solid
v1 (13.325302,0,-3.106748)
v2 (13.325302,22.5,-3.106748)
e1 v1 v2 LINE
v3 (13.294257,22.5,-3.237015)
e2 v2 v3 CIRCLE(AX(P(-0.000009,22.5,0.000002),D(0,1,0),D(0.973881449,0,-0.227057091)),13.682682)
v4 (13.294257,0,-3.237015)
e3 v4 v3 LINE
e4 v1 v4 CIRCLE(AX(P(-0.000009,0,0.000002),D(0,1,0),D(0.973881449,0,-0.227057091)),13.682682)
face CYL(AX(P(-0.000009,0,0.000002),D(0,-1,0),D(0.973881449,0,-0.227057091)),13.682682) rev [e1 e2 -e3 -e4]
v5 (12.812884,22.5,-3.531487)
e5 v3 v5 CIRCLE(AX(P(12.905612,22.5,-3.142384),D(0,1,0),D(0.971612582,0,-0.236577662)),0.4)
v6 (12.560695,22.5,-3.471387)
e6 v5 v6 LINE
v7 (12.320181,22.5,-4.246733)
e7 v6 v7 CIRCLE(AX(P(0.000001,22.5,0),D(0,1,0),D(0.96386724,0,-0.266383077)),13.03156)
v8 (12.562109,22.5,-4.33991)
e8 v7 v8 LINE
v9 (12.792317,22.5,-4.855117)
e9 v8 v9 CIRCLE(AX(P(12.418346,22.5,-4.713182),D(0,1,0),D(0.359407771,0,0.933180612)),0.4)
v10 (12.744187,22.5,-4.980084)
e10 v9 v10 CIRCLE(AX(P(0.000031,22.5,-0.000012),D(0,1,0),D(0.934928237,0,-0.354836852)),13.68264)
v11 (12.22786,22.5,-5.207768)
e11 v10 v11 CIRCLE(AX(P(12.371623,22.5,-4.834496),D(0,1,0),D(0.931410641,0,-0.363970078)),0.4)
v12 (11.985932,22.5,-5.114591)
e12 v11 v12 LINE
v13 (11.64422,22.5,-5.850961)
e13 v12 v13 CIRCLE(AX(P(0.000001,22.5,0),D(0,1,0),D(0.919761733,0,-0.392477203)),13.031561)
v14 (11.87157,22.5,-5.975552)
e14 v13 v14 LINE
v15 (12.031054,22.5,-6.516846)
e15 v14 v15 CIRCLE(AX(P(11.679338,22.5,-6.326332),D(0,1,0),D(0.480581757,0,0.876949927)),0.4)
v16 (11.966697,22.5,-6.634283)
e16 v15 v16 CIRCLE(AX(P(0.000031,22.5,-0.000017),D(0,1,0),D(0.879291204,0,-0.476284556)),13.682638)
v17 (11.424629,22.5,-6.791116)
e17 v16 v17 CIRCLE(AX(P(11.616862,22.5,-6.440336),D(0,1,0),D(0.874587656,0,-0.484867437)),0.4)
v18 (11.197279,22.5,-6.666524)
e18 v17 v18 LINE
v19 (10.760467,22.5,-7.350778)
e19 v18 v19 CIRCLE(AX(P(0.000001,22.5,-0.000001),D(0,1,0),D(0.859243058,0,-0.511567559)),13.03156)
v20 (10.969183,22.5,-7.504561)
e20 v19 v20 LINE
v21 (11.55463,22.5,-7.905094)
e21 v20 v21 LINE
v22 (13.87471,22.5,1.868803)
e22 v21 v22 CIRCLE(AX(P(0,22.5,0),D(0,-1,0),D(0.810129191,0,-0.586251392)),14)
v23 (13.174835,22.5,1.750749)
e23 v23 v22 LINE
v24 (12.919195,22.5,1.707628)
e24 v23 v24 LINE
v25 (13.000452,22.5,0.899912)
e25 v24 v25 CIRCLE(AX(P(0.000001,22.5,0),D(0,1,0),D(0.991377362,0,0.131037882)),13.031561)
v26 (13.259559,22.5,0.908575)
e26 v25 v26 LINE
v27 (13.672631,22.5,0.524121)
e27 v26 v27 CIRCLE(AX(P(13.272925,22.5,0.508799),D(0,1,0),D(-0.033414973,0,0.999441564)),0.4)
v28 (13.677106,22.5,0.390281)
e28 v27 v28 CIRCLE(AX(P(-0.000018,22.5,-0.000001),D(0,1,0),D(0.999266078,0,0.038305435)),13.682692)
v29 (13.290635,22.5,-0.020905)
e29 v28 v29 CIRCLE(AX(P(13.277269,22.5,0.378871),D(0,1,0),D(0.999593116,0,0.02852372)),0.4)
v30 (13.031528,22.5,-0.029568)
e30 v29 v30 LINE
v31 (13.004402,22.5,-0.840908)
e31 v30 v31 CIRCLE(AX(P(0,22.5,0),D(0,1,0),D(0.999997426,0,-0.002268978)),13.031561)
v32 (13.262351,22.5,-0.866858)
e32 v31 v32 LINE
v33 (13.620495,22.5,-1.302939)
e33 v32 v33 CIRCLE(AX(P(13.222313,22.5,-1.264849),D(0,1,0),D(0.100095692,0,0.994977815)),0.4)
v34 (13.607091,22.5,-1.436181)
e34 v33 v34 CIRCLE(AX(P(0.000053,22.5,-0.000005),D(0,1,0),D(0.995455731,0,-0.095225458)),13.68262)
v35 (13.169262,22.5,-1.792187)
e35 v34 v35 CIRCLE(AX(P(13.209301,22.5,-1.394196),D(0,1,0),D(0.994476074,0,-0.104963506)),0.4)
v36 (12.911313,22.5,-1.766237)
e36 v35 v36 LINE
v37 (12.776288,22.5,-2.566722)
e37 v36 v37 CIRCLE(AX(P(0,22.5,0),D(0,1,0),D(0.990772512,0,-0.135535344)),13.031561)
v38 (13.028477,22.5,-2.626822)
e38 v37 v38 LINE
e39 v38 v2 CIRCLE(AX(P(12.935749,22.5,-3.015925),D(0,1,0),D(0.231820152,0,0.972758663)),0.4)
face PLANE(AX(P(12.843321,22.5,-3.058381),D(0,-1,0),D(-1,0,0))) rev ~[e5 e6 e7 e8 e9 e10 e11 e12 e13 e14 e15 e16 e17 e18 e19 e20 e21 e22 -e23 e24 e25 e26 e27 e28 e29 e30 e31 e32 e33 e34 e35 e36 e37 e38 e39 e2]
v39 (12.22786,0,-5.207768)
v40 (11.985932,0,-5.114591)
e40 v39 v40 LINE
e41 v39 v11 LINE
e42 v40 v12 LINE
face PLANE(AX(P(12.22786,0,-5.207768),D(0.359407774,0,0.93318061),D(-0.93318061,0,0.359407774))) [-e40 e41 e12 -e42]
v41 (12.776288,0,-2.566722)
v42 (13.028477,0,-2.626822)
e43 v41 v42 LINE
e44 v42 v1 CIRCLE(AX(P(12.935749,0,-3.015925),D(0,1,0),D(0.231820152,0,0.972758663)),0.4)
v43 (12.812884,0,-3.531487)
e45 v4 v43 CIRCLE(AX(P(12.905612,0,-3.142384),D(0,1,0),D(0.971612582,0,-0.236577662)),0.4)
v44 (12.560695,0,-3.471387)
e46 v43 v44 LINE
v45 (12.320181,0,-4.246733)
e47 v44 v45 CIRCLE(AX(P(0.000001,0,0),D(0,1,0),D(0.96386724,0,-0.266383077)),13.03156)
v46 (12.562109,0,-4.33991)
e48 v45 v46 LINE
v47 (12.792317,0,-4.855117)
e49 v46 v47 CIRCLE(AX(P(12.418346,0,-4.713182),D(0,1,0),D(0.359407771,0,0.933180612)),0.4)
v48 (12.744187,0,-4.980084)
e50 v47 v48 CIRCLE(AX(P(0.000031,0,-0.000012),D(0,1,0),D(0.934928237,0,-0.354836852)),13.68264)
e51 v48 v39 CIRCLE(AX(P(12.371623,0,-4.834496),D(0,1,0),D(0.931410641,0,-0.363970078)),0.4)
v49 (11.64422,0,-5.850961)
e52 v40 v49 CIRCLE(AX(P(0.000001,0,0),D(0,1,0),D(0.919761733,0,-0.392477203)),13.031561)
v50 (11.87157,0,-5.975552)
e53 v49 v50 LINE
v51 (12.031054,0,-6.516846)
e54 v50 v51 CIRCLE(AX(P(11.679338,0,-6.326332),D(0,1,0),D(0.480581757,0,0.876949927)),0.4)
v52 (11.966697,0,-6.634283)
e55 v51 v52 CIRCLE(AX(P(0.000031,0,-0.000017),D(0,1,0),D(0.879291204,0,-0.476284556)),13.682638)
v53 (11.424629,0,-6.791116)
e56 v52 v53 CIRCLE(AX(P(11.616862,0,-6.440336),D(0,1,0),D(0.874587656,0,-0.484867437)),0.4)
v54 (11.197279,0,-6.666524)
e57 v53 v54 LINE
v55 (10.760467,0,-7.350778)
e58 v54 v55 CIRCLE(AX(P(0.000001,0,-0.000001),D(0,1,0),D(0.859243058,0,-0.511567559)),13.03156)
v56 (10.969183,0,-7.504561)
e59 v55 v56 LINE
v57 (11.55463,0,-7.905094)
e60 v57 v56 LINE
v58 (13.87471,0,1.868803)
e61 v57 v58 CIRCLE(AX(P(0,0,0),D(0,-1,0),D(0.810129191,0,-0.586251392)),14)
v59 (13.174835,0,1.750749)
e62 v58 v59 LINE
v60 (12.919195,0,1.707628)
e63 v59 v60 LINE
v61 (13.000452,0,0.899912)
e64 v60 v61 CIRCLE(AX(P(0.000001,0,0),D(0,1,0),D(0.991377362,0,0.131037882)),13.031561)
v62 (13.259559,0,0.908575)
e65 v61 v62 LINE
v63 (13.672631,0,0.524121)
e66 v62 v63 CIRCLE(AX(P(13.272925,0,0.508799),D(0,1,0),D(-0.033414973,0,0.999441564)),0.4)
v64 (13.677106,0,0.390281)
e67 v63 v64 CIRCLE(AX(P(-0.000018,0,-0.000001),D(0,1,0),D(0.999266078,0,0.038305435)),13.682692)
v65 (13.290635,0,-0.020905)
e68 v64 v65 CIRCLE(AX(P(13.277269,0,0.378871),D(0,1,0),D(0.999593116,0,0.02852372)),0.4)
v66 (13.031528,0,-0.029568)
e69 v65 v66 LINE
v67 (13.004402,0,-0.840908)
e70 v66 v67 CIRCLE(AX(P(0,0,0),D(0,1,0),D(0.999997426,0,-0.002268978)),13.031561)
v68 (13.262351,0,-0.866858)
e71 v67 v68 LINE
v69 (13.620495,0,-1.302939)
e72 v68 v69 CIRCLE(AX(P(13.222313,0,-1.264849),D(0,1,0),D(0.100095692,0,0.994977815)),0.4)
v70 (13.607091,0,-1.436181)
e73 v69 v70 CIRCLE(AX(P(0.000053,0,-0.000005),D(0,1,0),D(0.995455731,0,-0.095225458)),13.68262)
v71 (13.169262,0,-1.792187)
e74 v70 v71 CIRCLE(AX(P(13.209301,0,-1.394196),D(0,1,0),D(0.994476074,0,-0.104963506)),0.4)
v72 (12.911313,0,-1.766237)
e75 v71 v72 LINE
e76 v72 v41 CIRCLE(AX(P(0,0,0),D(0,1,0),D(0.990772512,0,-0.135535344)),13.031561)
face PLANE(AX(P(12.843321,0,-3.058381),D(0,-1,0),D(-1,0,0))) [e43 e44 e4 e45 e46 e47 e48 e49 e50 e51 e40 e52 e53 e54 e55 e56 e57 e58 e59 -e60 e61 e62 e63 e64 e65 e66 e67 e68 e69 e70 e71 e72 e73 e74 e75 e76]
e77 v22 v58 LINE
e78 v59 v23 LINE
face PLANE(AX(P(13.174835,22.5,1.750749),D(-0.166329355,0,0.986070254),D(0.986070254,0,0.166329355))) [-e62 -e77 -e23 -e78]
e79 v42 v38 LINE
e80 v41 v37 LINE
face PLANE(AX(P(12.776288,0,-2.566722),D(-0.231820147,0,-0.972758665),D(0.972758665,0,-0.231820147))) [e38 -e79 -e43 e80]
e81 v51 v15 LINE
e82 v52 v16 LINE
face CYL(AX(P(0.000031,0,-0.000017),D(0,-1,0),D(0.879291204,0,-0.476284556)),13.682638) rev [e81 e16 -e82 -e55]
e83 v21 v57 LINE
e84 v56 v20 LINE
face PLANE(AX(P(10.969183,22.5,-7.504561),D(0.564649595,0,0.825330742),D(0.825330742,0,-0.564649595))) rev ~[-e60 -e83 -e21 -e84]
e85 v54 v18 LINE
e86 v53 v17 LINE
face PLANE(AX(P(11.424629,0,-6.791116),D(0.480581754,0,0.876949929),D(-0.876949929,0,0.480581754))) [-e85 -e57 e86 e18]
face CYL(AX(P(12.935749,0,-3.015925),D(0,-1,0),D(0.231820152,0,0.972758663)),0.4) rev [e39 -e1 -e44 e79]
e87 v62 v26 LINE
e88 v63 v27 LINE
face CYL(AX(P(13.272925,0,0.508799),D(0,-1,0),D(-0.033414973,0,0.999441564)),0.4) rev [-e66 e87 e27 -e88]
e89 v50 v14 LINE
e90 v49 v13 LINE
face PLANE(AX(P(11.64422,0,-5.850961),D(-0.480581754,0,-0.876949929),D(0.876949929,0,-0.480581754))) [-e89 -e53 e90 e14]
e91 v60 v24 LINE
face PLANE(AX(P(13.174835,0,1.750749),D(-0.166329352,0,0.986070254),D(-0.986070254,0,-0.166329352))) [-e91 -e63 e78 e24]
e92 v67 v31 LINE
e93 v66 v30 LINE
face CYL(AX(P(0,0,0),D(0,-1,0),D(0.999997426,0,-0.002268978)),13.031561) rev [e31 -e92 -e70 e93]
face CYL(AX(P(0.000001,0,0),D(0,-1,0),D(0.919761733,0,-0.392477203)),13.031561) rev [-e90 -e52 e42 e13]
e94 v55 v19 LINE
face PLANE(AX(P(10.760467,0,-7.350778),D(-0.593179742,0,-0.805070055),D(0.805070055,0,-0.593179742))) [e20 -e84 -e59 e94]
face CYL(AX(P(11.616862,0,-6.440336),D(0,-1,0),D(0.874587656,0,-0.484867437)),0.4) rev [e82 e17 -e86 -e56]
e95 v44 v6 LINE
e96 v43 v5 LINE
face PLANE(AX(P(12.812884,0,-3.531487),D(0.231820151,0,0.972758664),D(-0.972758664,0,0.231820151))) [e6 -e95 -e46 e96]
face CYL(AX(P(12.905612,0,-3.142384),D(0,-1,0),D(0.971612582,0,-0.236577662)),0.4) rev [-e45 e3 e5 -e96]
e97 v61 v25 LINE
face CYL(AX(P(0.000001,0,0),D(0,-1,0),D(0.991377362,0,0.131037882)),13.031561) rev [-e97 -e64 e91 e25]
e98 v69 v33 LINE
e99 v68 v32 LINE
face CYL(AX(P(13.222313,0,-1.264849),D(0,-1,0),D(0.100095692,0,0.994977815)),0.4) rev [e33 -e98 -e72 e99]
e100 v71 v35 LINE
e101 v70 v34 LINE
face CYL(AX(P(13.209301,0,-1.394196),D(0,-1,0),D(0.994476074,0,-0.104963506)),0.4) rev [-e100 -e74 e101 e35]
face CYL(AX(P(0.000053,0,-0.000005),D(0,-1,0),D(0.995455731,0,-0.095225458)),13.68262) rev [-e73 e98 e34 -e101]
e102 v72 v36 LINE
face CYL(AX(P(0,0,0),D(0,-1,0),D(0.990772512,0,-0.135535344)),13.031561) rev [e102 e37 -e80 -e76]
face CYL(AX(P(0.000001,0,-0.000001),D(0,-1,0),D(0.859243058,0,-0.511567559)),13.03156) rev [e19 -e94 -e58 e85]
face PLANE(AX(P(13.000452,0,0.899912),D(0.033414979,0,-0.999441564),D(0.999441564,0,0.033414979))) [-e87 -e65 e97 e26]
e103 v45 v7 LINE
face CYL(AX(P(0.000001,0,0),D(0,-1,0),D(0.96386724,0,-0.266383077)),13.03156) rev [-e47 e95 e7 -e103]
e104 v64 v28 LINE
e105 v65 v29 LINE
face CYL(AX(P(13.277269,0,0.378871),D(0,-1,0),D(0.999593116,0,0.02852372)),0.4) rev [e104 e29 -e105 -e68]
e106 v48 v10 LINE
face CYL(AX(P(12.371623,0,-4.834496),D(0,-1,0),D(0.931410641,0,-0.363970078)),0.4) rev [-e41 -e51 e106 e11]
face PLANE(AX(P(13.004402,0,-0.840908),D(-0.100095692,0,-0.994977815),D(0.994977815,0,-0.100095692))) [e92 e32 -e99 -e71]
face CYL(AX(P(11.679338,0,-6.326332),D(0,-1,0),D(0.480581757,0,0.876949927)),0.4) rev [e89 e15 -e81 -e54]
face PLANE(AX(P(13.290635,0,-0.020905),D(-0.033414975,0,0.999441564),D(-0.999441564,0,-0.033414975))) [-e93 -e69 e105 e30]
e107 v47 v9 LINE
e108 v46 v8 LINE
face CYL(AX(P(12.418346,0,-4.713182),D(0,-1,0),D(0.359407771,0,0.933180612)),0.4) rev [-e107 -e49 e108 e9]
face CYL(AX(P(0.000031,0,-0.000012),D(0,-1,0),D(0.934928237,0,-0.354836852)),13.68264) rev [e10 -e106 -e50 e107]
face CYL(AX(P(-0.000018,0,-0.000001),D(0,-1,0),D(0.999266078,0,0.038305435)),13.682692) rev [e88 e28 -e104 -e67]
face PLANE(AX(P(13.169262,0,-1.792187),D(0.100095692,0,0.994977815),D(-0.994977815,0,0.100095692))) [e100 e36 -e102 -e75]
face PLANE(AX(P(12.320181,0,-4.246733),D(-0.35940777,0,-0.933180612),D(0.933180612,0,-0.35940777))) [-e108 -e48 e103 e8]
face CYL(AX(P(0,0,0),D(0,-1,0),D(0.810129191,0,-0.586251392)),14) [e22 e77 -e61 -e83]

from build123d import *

# Parameters (mm, degrees)
RESSALTO_EXTRUS_O1_DEPTH = 22.5
CORTE_EXTRUS_O1_DEPTH    = 28.741906497


with BuildPart() as part:
    # Esboço1 → Ressalto-extrusão1 (new body)
    with BuildSketch(Plane(origin=(0, 0, 0), x_dir=(1, 0, 0), z_dir=(0, 1, 0))):
        with BuildLine():
            Line((10.760467264, 7.350777988), (10.969182874, 7.504560719))
            ThreePointArc((10.969182874, 7.504560719), (11.122613734, 7.740848698), (11.082224189, 8.019670724))
            Line((11.082224189, 8.019670724), (11.341808671, 8.207519484))
            ThreePointArc((11.341808671, 8.207519484), (13.61934662, 3.242436992), (13.823462506, -2.216277139))
            Line((13.823462506, -2.216277139), (13.507778422, -2.165664391))
            ThreePointArc((13.507778422, -2.165664391), (13.420279696, -1.89483606), (13.174835153, -1.750749321))
            Line((13.174835153, -1.750749321), (12.919194973, -1.707628189))
            ThreePointArc((12.919194973, -1.707628189), (12.966114499, -1.304403152), (13.000451936, -0.899912346))
            Line((13.000451936, -0.899912346), (13.259558649, -0.908575229))
            ThreePointArc((13.259558649, -0.908575229), (13.545442602, -0.801602223), (13.67263107, -0.524120778))
            ThreePointArc((13.67263107, -0.524120778), (13.675032192, -0.457206207), (13.677105833, -0.390280687))
            ThreePointArc((13.677105833, -0.390280687), (13.568735109, -0.104923638), (13.290634577, 0.020905426))
            Line((13.290634577, 0.020905426), (13.031527865, 0.029568308))
            ThreePointArc((13.031527865, 0.029568308), (13.024284113, 0.435449325), (13.004401826, 0.840907789))
            Line((13.004401826, 0.840907789), (13.262351305, 0.866857746))
            ThreePointArc((13.262351305, 0.866857746), (13.53142635, 1.010980886), (13.62049532, 1.302939063))
            ThreePointArc((13.62049532, 1.302939063), (13.613956179, 1.369576627), (13.607091018, 1.436181392))
            ThreePointArc((13.607091018, 1.436181392), (13.461652861, 1.704547935), (13.169262312, 1.792187114))
            Line((13.169262312, 1.792187114), (12.911312833, 1.766237157))
            ThreePointArc((12.911312833, 1.766237157), (12.850035069, 2.167531198), (12.776287858, 2.566721906))
            Line((12.776287858, 2.566721906), (13.028476989, 2.626821624))
            ThreePointArc((13.028476989, 2.626821624), (13.275941474, 2.805523017), (13.325301509, 3.106747926))
            ThreePointArc((13.325301509, 3.106747926), (13.309938795, 3.171919333), (13.294257343, 3.23701478))
            ThreePointArc((13.294257343, 3.23701478), (13.114347099, 3.48360181), (12.812884249, 3.531487182))
            Line((12.812884249, 3.531487182), (12.560695118, 3.471387463))
            ThreePointArc((12.560695118, 3.471387463), (12.446476845, 3.860933427), (12.32018073, 4.246732809))
            Line((12.32018073, 4.246732809), (12.562109192, 4.339909808))
            ThreePointArc((12.562109192, 4.339909808), (12.783547108, 4.550000523), (12.792317376, 4.855116798))
            ThreePointArc((12.792317376, 4.855116798), (12.768405238, 4.917659063), (12.744187329, 4.980083563))
            ThreePointArc((12.744187329, 4.980083563), (12.533015503, 5.200490728), (12.227859963, 5.207767777))
            Line((12.227859963, 5.207767777), (11.985931502, 5.114590777))
            ThreePointArc((11.985931502, 5.114590777), (11.820810947, 5.485437206), (11.644219685, 5.850960664))
            Line((11.644219685, 5.850960664), (11.871570259, 5.975552199))
            ThreePointArc((11.871570259, 5.975552199), (12.06303004, 6.213283162), (12.031054037, 6.516845996))
            ThreePointArc((12.031054037, 6.516845996), (11.999019187, 6.575643051), (11.966696991, 6.634282636))
            ThreePointArc((11.966696991, 6.634282636), (11.728031948, 6.824576766), (11.424629227, 6.791115632))
            Line((11.424629227, 6.791115632), (11.197278653, 6.666524097))
            ThreePointArc((11.197278653, 6.666524097), (10.984202397, 7.012053229), (10.760467264, 7.350777988))
        make_face()
    extrude(amount=RESSALTO_EXTRUS_O1_DEPTH)

    # Esboço2 → Corte-extrusão1 (cut, through all)
    with BuildSketch(Plane(origin=(0, 22.5, 0), x_dir=(1, 0, 0), z_dir=(0, 1, 0))):
        with BuildLine():
            Line((13.174835153, -1.750749321), (13.874709853, -1.868803493))
            ThreePointArc((13.874709853, -1.868803493), (13.850175901, -2.042701034), (13.823462506, -2.216277139))
            Line((13.823462506, -2.216277139), (13.507778422, -2.165664391))
            ThreePointArc((13.507778422, -2.165664391), (13.420279696, -1.89483606), (13.174835153, -1.750749321))
        make_face()
        with BuildLine():
            Line((10.969182874, 7.504560719), (11.554630395, 7.905094334))
            ThreePointArc((11.554630395, 7.905094334), (11.449218127, 8.057009637), (11.341808671, 8.207519484))
            Line((11.341808671, 8.207519484), (11.082224189, 8.019670724))
            ThreePointArc((11.082224189, 8.019670724), (11.122613734, 7.740848698), (10.969182874, 7.504560719))
        make_face()
    extrude(amount=-CORTE_EXTRUS_O1_DEPTH, mode=Mode.SUBTRACT)


solid = part.part
